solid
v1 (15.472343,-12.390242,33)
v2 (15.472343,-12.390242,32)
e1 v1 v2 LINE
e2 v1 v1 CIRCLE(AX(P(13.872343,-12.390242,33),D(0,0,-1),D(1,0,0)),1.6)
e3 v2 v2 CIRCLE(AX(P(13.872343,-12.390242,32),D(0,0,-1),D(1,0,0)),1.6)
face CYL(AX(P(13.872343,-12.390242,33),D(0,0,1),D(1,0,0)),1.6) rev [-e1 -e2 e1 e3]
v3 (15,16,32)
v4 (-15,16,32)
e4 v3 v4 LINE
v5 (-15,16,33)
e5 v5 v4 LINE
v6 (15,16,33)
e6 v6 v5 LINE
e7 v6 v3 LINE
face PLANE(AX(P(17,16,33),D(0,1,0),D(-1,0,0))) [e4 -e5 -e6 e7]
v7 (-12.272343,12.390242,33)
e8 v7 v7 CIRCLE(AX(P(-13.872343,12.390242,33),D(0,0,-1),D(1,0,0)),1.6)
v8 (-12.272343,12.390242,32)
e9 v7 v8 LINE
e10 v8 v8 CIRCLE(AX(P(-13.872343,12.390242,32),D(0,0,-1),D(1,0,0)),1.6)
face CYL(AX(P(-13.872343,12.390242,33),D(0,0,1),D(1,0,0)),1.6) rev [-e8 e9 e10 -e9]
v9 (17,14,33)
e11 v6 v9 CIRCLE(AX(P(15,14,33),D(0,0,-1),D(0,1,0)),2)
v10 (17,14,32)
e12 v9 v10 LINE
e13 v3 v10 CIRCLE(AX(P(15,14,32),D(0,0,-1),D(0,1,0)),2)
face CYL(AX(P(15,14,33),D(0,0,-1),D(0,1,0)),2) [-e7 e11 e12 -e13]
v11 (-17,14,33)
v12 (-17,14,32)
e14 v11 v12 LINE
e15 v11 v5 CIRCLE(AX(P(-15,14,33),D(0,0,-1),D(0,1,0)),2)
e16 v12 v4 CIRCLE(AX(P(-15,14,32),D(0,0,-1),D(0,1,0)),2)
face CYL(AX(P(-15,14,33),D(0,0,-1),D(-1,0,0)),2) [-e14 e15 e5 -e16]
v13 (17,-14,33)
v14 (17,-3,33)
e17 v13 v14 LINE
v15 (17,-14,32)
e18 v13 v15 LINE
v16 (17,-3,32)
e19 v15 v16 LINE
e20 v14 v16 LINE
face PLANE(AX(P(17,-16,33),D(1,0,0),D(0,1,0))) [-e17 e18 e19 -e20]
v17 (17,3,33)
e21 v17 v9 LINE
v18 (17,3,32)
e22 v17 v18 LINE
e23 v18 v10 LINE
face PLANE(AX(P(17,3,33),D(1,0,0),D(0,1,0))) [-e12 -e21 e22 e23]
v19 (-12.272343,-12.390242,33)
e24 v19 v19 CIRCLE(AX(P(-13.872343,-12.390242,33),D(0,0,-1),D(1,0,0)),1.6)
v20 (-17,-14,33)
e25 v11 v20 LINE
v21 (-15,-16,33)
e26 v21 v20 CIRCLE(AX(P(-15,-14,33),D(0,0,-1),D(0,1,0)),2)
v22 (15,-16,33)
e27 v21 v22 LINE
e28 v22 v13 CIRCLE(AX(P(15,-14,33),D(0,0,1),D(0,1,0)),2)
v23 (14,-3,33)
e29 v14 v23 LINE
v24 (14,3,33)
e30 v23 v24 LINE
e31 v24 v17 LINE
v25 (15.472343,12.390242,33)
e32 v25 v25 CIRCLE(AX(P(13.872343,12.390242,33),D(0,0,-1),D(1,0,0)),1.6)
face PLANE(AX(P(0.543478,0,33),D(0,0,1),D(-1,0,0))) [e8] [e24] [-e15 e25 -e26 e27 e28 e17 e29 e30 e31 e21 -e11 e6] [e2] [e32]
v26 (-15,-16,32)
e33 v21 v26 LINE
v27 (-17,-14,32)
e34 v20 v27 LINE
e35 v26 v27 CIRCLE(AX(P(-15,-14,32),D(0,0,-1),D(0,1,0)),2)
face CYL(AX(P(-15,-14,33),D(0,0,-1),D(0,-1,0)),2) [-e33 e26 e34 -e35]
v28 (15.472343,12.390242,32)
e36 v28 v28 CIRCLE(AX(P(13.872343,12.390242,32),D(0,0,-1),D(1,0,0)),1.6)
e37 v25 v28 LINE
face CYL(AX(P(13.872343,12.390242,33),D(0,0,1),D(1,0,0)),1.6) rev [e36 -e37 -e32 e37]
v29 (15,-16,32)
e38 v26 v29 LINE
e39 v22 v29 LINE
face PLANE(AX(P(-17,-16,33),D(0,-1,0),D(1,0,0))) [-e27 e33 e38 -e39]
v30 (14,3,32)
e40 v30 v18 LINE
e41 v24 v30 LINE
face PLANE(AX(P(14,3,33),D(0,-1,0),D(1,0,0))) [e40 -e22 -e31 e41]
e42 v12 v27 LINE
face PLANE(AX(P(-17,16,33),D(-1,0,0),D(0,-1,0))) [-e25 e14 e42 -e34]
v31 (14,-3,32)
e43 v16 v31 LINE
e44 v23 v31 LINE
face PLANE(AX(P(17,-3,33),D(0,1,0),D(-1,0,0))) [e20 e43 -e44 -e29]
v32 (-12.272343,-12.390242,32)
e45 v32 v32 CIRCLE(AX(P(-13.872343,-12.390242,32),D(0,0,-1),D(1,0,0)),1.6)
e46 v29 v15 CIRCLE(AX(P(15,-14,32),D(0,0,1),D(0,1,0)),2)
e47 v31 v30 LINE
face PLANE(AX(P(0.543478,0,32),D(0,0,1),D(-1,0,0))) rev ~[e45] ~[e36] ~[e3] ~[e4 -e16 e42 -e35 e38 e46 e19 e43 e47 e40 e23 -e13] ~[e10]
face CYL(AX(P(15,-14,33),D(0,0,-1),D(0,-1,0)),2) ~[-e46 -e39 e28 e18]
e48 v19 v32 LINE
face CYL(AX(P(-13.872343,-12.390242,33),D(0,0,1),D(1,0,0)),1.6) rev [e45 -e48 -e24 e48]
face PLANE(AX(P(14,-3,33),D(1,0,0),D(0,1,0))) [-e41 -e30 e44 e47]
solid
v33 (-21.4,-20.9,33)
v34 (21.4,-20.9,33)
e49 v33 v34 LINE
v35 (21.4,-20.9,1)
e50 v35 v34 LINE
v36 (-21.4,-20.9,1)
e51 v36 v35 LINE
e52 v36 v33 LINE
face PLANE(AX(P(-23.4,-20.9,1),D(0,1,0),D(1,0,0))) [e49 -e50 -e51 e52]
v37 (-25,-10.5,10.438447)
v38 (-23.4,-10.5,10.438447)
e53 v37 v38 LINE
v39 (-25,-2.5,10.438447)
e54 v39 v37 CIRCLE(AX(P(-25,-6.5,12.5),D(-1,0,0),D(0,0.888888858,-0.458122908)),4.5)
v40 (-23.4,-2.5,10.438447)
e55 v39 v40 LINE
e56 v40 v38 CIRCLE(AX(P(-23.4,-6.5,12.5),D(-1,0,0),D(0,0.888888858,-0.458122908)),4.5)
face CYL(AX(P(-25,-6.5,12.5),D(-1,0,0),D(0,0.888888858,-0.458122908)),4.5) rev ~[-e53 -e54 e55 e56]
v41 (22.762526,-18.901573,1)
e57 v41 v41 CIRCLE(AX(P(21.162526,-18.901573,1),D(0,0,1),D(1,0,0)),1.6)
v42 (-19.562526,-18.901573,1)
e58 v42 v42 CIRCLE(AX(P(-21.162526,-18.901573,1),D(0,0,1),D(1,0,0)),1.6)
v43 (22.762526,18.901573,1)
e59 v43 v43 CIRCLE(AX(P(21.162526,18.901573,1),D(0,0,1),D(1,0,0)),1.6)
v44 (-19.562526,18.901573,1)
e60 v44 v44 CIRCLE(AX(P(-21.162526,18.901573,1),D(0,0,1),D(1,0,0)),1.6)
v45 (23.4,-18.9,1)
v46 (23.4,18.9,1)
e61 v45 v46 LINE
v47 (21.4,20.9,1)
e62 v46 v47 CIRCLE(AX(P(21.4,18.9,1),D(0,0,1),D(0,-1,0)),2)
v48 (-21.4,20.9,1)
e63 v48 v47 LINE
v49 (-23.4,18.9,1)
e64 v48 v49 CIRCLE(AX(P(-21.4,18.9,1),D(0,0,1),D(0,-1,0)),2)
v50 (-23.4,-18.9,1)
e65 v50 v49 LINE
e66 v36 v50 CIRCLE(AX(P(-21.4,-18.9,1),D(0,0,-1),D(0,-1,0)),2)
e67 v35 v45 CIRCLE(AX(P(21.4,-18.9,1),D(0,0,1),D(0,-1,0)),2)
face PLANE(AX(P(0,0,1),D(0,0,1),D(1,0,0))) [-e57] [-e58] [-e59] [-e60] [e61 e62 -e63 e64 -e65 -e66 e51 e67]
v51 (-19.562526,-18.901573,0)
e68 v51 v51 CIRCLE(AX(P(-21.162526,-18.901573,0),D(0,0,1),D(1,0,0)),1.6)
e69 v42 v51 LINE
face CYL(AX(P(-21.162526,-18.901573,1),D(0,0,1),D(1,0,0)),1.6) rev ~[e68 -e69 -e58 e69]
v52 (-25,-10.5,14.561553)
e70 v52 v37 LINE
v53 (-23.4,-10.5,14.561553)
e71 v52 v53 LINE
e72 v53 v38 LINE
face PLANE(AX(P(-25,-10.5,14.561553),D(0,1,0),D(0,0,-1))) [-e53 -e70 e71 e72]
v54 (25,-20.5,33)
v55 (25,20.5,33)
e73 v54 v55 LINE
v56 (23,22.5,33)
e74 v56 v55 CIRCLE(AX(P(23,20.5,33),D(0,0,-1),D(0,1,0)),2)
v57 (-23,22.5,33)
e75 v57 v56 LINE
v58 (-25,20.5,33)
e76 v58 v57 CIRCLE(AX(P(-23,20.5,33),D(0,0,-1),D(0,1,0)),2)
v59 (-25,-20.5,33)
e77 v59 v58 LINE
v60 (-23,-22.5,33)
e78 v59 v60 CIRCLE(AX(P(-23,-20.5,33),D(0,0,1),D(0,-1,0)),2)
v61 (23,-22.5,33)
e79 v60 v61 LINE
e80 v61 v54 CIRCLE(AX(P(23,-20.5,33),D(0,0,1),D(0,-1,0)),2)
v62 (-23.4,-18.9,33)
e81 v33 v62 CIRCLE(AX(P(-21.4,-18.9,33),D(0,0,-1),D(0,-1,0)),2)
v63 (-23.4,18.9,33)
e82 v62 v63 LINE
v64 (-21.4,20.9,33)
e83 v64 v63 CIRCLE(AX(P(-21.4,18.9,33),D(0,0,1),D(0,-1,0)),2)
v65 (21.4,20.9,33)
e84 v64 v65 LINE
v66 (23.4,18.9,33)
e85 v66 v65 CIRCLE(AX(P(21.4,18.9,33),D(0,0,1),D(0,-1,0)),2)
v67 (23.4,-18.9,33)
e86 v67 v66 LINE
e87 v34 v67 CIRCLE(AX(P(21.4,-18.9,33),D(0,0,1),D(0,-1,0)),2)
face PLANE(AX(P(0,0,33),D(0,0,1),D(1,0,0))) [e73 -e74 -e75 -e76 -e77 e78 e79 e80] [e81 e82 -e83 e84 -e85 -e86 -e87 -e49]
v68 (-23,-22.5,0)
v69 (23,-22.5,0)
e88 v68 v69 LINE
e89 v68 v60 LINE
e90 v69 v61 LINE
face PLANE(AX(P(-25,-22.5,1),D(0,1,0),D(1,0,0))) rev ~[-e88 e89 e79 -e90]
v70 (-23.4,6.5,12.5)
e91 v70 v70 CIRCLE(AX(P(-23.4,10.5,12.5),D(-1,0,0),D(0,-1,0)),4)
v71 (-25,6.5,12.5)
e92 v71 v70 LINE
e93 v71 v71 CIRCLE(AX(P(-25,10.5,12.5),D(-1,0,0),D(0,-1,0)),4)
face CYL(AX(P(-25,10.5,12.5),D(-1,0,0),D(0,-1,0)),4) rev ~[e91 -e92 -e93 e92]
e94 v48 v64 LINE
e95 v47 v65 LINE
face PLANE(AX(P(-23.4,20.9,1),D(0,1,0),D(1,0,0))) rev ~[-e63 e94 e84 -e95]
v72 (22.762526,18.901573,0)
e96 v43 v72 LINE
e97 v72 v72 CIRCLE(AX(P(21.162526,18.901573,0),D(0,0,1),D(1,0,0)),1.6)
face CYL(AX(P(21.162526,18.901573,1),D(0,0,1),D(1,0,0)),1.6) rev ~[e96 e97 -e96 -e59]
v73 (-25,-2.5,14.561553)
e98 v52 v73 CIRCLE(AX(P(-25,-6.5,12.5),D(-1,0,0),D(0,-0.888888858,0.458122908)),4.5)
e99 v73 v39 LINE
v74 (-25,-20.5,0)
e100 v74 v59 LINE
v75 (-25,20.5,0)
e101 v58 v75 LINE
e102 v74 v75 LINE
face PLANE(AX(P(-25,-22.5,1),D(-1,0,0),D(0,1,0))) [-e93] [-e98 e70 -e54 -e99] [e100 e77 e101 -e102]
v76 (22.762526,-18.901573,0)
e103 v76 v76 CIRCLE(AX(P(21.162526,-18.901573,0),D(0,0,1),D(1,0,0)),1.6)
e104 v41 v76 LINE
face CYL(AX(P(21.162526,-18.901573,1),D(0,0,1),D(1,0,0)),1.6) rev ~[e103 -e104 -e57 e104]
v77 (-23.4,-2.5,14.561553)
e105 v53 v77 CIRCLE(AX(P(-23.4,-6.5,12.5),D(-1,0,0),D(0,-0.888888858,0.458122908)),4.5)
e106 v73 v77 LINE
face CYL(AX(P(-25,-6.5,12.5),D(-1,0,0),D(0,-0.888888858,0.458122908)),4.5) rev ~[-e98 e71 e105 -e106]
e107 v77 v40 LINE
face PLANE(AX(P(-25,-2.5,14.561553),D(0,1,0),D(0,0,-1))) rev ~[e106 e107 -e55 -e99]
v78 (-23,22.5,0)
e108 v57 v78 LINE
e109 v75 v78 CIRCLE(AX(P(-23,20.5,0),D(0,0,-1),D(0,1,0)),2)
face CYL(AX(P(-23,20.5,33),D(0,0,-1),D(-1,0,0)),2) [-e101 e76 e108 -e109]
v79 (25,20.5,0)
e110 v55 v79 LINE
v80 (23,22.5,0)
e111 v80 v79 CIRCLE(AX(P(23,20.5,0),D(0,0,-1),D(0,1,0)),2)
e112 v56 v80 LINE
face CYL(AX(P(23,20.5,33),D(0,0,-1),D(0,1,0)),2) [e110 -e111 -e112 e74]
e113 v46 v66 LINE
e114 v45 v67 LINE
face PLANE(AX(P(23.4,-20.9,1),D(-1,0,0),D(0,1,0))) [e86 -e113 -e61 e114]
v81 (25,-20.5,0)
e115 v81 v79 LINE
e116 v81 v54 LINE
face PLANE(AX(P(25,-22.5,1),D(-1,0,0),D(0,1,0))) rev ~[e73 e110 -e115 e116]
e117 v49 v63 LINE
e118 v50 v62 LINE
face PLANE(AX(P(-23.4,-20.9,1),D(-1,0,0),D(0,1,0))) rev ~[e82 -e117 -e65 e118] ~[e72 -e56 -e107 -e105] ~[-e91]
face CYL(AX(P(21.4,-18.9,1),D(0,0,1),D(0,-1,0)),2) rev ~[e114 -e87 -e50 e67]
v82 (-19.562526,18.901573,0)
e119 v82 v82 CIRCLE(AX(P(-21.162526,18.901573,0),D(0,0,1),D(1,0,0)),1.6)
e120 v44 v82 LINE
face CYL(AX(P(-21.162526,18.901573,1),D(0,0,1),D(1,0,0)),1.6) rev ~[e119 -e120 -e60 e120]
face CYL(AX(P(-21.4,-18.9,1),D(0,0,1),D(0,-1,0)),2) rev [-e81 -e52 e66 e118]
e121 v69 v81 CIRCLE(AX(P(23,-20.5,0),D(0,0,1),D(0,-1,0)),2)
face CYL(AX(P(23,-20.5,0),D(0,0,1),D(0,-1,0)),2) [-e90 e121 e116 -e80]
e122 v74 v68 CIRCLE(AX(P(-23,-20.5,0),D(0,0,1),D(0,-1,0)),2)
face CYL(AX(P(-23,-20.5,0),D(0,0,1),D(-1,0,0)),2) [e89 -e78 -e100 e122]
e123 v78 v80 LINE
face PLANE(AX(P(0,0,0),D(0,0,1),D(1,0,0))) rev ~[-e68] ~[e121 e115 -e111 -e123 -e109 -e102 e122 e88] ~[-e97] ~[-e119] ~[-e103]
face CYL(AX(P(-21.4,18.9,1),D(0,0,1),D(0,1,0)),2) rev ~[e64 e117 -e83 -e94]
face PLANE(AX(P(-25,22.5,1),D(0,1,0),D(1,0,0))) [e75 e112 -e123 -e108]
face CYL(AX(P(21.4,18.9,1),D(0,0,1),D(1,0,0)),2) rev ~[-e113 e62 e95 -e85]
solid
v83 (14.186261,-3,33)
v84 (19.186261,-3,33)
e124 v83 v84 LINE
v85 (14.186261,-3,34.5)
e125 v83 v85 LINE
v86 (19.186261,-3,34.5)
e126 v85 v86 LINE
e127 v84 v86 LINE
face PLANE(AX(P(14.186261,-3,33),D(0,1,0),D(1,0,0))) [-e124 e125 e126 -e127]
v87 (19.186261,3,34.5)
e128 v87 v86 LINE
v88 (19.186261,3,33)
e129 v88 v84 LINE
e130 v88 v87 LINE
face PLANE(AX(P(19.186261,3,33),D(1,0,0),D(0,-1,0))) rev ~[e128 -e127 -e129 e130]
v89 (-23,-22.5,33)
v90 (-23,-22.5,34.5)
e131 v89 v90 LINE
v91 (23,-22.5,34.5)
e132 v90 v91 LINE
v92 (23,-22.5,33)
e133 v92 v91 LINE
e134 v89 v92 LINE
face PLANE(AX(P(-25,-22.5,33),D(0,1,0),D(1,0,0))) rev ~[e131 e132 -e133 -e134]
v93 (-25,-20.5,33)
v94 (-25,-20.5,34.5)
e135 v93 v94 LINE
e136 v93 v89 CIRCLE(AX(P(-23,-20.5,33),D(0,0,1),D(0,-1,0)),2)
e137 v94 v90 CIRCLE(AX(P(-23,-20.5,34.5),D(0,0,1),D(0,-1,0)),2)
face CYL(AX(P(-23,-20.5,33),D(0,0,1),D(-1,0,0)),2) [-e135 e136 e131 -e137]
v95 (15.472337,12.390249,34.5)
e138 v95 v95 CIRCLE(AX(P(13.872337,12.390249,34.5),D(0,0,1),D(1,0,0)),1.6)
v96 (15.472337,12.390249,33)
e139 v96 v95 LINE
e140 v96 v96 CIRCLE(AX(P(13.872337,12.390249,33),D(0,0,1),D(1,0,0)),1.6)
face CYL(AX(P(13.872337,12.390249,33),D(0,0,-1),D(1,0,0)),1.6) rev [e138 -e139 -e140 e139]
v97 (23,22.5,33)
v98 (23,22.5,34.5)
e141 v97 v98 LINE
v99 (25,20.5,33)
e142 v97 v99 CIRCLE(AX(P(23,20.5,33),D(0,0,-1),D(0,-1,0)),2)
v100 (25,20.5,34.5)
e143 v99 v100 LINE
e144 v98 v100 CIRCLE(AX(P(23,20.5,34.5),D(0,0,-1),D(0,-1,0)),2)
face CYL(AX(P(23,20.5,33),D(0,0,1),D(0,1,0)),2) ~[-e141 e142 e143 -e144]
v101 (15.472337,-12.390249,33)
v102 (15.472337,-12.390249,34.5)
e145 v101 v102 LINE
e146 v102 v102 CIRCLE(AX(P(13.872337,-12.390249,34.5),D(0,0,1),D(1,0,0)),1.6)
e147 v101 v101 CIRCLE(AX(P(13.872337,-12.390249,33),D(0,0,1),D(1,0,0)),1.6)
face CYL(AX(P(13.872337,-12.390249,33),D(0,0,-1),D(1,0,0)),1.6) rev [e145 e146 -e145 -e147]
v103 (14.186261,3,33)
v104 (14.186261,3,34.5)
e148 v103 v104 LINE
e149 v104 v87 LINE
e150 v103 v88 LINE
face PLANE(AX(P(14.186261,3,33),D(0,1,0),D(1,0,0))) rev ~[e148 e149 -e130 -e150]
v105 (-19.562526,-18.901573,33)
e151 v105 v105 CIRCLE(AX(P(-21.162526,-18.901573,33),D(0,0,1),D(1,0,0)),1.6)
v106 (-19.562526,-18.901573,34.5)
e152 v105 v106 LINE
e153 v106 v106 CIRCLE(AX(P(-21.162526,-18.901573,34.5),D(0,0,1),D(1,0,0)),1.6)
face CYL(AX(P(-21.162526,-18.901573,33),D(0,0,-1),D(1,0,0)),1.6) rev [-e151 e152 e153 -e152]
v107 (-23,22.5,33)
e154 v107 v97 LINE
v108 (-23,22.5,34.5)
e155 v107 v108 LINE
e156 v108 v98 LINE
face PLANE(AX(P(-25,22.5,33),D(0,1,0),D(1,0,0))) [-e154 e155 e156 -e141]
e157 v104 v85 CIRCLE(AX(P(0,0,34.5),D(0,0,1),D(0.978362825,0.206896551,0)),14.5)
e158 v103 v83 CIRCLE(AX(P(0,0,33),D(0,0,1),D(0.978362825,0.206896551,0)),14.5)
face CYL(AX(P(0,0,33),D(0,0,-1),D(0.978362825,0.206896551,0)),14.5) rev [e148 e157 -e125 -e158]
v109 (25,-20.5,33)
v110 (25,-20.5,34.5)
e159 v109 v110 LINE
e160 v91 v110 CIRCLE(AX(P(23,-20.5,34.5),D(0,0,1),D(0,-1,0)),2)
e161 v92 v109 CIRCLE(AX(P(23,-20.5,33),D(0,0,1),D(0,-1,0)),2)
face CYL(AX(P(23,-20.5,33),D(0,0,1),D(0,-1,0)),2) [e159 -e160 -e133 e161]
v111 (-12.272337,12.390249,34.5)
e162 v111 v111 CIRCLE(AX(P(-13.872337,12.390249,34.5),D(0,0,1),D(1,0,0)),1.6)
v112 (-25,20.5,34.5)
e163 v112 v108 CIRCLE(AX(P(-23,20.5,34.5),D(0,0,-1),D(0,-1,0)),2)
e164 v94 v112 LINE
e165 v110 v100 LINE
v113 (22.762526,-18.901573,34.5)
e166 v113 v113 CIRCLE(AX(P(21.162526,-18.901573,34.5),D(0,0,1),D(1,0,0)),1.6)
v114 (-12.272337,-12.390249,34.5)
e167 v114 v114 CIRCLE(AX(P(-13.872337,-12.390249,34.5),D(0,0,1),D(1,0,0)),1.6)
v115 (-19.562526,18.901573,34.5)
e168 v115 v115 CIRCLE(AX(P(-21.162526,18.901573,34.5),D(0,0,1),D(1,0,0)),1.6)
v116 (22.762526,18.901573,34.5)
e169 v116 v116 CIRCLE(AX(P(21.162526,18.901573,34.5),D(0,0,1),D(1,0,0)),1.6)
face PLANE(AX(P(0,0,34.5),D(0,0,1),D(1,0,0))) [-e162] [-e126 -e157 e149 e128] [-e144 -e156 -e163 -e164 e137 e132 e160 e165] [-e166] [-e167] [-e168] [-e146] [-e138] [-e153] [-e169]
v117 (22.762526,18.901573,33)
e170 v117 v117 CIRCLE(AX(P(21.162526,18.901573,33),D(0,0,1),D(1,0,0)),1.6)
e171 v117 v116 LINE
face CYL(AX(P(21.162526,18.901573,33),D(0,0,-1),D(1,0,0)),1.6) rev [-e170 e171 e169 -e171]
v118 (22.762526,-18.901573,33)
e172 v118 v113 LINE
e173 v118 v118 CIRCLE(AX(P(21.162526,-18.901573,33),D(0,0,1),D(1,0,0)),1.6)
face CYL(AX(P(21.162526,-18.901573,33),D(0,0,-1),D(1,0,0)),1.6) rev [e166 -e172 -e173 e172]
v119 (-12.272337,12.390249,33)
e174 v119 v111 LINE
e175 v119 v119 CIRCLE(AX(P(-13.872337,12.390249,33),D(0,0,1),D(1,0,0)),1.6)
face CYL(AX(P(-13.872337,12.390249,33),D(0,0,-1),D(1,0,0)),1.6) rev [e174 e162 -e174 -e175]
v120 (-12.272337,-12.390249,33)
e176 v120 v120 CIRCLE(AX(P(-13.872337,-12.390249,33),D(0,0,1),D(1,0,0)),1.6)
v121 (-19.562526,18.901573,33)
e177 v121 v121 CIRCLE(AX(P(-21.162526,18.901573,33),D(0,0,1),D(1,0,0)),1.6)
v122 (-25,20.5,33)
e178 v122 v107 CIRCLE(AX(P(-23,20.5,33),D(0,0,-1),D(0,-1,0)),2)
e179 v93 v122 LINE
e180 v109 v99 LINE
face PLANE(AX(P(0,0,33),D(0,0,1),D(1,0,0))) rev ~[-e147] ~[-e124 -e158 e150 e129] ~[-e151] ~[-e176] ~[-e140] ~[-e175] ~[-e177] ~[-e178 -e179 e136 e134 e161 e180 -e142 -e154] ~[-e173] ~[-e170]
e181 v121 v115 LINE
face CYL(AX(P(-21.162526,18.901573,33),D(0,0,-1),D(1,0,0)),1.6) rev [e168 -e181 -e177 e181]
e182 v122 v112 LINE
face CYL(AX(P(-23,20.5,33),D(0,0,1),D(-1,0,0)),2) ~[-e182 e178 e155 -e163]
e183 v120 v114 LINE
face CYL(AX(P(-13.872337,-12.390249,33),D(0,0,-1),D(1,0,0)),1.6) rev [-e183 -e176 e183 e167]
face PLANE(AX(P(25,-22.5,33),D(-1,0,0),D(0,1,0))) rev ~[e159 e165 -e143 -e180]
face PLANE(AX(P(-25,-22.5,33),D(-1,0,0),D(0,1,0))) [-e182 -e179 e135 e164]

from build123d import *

# Parameters (mm, degrees)
SKETCH_W        = 50
SKETCH_H        = 45
PAD_DEPTH       = 1
SKETCH001_W     = 50
SKETCH001_H     = 45
SKETCH001_W_2   = 46.8
SKETCH001_H_2   = 41.8
PAD001_DEPTH    = 32
SKETCH002_R     = 1.6
POCKET_DEPTH    = 5
SKETCH003_R     = 4
POCKET001_DEPTH = 5
FILLET001_R     = 2
SKETCH004_W     = 50
SKETCH004_H     = 45
SKETCH004_R     = 1.6
PAD002_DEPTH    = 1.5
FILLET_R        = 2
SKETCH005_R     = 1.6
PAD003_DEPTH    = 1
FILLET002_R     = 2


with BuildPart() as body:
    # Sketch → Pad (new body)
    with BuildSketch(Plane.XY):
        Rectangle(SKETCH_W, SKETCH_H)
    extrude(amount=PAD_DEPTH)

    # Sketch001 (on Face6 of Pad) → Pad001 (join)
    with BuildSketch(Plane.XY.offset(1)):
        Rectangle(SKETCH001_W, SKETCH001_H)
        Rectangle(SKETCH001_W_2, SKETCH001_H_2, mode=Mode.SUBTRACT)
    extrude(amount=PAD001_DEPTH)

    # Sketch002 (on Face15 of Pad001) → Pocket (cut)
    with BuildSketch(Plane.XY.offset(1)):
        with Locations((-21.162526, 18.901573)):
            Circle(SKETCH002_R)
        with Locations((21.162526, 18.901573)):
            Circle(SKETCH002_R)
        with Locations((21.162526, -18.901573)):
            Circle(SKETCH002_R)
        with Locations((-21.162526, -18.901573)):
            Circle(SKETCH002_R)
    extrude(amount=-POCKET_DEPTH, mode=Mode.SUBTRACT)

    # Sketch003 → Pocket001 (cut)
    with BuildSketch(Plane(origin=(-25, 0, 0), x_dir=(0, -1, 0), z_dir=(-1, 0, 0))):
        with Locations((-10.5, 12.5)):
            Circle(SKETCH003_R)
        with BuildLine():
            ThreePointArc((2.5, 10.438447), (6.5, 8), (10.5, 10.438447))
            Line((10.5, 14.561553), (10.5, 10.438447))
            ThreePointArc((10.5, 14.561553), (6.5, 17), (2.5, 14.561553))
            Line((2.5, 14.561553), (2.5, 10.438447))
        make_face()
    extrude(amount=-POCKET001_DEPTH, mode=Mode.SUBTRACT)

    # Fillet001
    fillet001_edges = [body.edges().sort_by_distance(p)[0] for p in [
        (-23.4, 20.9, 17),
        (25, -22.5, 17),
        (25, 22.5, 17),
        (-25, -22.5, 17),
        (23.4, -20.9, 17),
        (-25, 22.5, 17),
        (23.4, 20.9, 17),
        (-23.4, -20.9, 17),
    ]]
    fillet(fillet001_edges, radius=FILLET001_R)


with BuildPart() as lid:
    # Sketch004 (on Face1 of ReferencePocket001001) → Pad002 (new body)
    with BuildSketch(Plane.XY.offset(33)):
        Rectangle(SKETCH004_W, SKETCH004_H)
        with Locations((-21.162526, 18.901573)):
            Circle(SKETCH004_R, mode=Mode.SUBTRACT)
        with Locations((21.162526, 18.901573)):
            Circle(SKETCH004_R, mode=Mode.SUBTRACT)
        with Locations((21.162526, -18.901573)):
            Circle(SKETCH004_R, mode=Mode.SUBTRACT)
        with Locations((-21.162526, -18.901573)):
            Circle(SKETCH004_R, mode=Mode.SUBTRACT)
        with Locations((13.872337, 12.390249)):
            Circle(SKETCH004_R, mode=Mode.SUBTRACT)
        with Locations((-13.872337, 12.390249)):
            Circle(SKETCH004_R, mode=Mode.SUBTRACT)
        with Locations((-13.872337, -12.390249)):
            Circle(SKETCH004_R, mode=Mode.SUBTRACT)
        with Locations((13.872337, -12.390249)):
            Circle(SKETCH004_R, mode=Mode.SUBTRACT)
        with BuildLine():
            ThreePointArc((14.186261, 3), (-14.5, 0), (14.186261, -3))
            Line((14.186261, -3), (19.186261, -3))
            Line((19.186261, 3), (19.186261, -3))
            Line((14.186261, 3), (19.186261, 3))
        make_face(mode=Mode.SUBTRACT)
    extrude(amount=PAD002_DEPTH)

    # Fillet
    fillet_edges = [lid.edges().sort_by_distance(p)[0] for p in [
        (25, -22.5, 33.75),
        (-25, -22.5, 33.75),
        (25, 22.5, 33.75),
        (-25, 22.5, 33.75),
    ]]
    fillet(fillet_edges, radius=FILLET_R)


with BuildPart() as socketholder:
    # Sketch005 (on Face1 of ReferenceFillet) → Pad003 (new body)
    with BuildSketch(Plane(origin=(0, 0, 33), x_dir=(1, 0, 0), z_dir=(0, 0, -1))):
        Polygon((-17, 16), (17, 16), (17, 3), (14, 3), (14, -3), (17, -3), (17, -16), (-17, -16), align=None)
        with Locations((-13.872343, 12.390242)):
            Circle(SKETCH005_R, mode=Mode.SUBTRACT)
        with Locations((13.872343, 12.390242)):
            Circle(SKETCH005_R, mode=Mode.SUBTRACT)
        with Locations((13.872343, -12.390242)):
            Circle(SKETCH005_R, mode=Mode.SUBTRACT)
        with Locations((-13.872343, -12.390242)):
            Circle(SKETCH005_R, mode=Mode.SUBTRACT)
    extrude(amount=PAD003_DEPTH)

    # Fillet002
    fillet002_edges = [socketholder.edges().sort_by_distance(p)[0] for p in [
        (-17, -16, 32.5),
        (-17, 16, 32.5),
        (17, 16, 32.5),
        (17, -16, 32.5),
    ]]
    fillet(fillet002_edges, radius=FILLET002_R)


solid = Compound([body.part, lid.part, socketholder.part])
